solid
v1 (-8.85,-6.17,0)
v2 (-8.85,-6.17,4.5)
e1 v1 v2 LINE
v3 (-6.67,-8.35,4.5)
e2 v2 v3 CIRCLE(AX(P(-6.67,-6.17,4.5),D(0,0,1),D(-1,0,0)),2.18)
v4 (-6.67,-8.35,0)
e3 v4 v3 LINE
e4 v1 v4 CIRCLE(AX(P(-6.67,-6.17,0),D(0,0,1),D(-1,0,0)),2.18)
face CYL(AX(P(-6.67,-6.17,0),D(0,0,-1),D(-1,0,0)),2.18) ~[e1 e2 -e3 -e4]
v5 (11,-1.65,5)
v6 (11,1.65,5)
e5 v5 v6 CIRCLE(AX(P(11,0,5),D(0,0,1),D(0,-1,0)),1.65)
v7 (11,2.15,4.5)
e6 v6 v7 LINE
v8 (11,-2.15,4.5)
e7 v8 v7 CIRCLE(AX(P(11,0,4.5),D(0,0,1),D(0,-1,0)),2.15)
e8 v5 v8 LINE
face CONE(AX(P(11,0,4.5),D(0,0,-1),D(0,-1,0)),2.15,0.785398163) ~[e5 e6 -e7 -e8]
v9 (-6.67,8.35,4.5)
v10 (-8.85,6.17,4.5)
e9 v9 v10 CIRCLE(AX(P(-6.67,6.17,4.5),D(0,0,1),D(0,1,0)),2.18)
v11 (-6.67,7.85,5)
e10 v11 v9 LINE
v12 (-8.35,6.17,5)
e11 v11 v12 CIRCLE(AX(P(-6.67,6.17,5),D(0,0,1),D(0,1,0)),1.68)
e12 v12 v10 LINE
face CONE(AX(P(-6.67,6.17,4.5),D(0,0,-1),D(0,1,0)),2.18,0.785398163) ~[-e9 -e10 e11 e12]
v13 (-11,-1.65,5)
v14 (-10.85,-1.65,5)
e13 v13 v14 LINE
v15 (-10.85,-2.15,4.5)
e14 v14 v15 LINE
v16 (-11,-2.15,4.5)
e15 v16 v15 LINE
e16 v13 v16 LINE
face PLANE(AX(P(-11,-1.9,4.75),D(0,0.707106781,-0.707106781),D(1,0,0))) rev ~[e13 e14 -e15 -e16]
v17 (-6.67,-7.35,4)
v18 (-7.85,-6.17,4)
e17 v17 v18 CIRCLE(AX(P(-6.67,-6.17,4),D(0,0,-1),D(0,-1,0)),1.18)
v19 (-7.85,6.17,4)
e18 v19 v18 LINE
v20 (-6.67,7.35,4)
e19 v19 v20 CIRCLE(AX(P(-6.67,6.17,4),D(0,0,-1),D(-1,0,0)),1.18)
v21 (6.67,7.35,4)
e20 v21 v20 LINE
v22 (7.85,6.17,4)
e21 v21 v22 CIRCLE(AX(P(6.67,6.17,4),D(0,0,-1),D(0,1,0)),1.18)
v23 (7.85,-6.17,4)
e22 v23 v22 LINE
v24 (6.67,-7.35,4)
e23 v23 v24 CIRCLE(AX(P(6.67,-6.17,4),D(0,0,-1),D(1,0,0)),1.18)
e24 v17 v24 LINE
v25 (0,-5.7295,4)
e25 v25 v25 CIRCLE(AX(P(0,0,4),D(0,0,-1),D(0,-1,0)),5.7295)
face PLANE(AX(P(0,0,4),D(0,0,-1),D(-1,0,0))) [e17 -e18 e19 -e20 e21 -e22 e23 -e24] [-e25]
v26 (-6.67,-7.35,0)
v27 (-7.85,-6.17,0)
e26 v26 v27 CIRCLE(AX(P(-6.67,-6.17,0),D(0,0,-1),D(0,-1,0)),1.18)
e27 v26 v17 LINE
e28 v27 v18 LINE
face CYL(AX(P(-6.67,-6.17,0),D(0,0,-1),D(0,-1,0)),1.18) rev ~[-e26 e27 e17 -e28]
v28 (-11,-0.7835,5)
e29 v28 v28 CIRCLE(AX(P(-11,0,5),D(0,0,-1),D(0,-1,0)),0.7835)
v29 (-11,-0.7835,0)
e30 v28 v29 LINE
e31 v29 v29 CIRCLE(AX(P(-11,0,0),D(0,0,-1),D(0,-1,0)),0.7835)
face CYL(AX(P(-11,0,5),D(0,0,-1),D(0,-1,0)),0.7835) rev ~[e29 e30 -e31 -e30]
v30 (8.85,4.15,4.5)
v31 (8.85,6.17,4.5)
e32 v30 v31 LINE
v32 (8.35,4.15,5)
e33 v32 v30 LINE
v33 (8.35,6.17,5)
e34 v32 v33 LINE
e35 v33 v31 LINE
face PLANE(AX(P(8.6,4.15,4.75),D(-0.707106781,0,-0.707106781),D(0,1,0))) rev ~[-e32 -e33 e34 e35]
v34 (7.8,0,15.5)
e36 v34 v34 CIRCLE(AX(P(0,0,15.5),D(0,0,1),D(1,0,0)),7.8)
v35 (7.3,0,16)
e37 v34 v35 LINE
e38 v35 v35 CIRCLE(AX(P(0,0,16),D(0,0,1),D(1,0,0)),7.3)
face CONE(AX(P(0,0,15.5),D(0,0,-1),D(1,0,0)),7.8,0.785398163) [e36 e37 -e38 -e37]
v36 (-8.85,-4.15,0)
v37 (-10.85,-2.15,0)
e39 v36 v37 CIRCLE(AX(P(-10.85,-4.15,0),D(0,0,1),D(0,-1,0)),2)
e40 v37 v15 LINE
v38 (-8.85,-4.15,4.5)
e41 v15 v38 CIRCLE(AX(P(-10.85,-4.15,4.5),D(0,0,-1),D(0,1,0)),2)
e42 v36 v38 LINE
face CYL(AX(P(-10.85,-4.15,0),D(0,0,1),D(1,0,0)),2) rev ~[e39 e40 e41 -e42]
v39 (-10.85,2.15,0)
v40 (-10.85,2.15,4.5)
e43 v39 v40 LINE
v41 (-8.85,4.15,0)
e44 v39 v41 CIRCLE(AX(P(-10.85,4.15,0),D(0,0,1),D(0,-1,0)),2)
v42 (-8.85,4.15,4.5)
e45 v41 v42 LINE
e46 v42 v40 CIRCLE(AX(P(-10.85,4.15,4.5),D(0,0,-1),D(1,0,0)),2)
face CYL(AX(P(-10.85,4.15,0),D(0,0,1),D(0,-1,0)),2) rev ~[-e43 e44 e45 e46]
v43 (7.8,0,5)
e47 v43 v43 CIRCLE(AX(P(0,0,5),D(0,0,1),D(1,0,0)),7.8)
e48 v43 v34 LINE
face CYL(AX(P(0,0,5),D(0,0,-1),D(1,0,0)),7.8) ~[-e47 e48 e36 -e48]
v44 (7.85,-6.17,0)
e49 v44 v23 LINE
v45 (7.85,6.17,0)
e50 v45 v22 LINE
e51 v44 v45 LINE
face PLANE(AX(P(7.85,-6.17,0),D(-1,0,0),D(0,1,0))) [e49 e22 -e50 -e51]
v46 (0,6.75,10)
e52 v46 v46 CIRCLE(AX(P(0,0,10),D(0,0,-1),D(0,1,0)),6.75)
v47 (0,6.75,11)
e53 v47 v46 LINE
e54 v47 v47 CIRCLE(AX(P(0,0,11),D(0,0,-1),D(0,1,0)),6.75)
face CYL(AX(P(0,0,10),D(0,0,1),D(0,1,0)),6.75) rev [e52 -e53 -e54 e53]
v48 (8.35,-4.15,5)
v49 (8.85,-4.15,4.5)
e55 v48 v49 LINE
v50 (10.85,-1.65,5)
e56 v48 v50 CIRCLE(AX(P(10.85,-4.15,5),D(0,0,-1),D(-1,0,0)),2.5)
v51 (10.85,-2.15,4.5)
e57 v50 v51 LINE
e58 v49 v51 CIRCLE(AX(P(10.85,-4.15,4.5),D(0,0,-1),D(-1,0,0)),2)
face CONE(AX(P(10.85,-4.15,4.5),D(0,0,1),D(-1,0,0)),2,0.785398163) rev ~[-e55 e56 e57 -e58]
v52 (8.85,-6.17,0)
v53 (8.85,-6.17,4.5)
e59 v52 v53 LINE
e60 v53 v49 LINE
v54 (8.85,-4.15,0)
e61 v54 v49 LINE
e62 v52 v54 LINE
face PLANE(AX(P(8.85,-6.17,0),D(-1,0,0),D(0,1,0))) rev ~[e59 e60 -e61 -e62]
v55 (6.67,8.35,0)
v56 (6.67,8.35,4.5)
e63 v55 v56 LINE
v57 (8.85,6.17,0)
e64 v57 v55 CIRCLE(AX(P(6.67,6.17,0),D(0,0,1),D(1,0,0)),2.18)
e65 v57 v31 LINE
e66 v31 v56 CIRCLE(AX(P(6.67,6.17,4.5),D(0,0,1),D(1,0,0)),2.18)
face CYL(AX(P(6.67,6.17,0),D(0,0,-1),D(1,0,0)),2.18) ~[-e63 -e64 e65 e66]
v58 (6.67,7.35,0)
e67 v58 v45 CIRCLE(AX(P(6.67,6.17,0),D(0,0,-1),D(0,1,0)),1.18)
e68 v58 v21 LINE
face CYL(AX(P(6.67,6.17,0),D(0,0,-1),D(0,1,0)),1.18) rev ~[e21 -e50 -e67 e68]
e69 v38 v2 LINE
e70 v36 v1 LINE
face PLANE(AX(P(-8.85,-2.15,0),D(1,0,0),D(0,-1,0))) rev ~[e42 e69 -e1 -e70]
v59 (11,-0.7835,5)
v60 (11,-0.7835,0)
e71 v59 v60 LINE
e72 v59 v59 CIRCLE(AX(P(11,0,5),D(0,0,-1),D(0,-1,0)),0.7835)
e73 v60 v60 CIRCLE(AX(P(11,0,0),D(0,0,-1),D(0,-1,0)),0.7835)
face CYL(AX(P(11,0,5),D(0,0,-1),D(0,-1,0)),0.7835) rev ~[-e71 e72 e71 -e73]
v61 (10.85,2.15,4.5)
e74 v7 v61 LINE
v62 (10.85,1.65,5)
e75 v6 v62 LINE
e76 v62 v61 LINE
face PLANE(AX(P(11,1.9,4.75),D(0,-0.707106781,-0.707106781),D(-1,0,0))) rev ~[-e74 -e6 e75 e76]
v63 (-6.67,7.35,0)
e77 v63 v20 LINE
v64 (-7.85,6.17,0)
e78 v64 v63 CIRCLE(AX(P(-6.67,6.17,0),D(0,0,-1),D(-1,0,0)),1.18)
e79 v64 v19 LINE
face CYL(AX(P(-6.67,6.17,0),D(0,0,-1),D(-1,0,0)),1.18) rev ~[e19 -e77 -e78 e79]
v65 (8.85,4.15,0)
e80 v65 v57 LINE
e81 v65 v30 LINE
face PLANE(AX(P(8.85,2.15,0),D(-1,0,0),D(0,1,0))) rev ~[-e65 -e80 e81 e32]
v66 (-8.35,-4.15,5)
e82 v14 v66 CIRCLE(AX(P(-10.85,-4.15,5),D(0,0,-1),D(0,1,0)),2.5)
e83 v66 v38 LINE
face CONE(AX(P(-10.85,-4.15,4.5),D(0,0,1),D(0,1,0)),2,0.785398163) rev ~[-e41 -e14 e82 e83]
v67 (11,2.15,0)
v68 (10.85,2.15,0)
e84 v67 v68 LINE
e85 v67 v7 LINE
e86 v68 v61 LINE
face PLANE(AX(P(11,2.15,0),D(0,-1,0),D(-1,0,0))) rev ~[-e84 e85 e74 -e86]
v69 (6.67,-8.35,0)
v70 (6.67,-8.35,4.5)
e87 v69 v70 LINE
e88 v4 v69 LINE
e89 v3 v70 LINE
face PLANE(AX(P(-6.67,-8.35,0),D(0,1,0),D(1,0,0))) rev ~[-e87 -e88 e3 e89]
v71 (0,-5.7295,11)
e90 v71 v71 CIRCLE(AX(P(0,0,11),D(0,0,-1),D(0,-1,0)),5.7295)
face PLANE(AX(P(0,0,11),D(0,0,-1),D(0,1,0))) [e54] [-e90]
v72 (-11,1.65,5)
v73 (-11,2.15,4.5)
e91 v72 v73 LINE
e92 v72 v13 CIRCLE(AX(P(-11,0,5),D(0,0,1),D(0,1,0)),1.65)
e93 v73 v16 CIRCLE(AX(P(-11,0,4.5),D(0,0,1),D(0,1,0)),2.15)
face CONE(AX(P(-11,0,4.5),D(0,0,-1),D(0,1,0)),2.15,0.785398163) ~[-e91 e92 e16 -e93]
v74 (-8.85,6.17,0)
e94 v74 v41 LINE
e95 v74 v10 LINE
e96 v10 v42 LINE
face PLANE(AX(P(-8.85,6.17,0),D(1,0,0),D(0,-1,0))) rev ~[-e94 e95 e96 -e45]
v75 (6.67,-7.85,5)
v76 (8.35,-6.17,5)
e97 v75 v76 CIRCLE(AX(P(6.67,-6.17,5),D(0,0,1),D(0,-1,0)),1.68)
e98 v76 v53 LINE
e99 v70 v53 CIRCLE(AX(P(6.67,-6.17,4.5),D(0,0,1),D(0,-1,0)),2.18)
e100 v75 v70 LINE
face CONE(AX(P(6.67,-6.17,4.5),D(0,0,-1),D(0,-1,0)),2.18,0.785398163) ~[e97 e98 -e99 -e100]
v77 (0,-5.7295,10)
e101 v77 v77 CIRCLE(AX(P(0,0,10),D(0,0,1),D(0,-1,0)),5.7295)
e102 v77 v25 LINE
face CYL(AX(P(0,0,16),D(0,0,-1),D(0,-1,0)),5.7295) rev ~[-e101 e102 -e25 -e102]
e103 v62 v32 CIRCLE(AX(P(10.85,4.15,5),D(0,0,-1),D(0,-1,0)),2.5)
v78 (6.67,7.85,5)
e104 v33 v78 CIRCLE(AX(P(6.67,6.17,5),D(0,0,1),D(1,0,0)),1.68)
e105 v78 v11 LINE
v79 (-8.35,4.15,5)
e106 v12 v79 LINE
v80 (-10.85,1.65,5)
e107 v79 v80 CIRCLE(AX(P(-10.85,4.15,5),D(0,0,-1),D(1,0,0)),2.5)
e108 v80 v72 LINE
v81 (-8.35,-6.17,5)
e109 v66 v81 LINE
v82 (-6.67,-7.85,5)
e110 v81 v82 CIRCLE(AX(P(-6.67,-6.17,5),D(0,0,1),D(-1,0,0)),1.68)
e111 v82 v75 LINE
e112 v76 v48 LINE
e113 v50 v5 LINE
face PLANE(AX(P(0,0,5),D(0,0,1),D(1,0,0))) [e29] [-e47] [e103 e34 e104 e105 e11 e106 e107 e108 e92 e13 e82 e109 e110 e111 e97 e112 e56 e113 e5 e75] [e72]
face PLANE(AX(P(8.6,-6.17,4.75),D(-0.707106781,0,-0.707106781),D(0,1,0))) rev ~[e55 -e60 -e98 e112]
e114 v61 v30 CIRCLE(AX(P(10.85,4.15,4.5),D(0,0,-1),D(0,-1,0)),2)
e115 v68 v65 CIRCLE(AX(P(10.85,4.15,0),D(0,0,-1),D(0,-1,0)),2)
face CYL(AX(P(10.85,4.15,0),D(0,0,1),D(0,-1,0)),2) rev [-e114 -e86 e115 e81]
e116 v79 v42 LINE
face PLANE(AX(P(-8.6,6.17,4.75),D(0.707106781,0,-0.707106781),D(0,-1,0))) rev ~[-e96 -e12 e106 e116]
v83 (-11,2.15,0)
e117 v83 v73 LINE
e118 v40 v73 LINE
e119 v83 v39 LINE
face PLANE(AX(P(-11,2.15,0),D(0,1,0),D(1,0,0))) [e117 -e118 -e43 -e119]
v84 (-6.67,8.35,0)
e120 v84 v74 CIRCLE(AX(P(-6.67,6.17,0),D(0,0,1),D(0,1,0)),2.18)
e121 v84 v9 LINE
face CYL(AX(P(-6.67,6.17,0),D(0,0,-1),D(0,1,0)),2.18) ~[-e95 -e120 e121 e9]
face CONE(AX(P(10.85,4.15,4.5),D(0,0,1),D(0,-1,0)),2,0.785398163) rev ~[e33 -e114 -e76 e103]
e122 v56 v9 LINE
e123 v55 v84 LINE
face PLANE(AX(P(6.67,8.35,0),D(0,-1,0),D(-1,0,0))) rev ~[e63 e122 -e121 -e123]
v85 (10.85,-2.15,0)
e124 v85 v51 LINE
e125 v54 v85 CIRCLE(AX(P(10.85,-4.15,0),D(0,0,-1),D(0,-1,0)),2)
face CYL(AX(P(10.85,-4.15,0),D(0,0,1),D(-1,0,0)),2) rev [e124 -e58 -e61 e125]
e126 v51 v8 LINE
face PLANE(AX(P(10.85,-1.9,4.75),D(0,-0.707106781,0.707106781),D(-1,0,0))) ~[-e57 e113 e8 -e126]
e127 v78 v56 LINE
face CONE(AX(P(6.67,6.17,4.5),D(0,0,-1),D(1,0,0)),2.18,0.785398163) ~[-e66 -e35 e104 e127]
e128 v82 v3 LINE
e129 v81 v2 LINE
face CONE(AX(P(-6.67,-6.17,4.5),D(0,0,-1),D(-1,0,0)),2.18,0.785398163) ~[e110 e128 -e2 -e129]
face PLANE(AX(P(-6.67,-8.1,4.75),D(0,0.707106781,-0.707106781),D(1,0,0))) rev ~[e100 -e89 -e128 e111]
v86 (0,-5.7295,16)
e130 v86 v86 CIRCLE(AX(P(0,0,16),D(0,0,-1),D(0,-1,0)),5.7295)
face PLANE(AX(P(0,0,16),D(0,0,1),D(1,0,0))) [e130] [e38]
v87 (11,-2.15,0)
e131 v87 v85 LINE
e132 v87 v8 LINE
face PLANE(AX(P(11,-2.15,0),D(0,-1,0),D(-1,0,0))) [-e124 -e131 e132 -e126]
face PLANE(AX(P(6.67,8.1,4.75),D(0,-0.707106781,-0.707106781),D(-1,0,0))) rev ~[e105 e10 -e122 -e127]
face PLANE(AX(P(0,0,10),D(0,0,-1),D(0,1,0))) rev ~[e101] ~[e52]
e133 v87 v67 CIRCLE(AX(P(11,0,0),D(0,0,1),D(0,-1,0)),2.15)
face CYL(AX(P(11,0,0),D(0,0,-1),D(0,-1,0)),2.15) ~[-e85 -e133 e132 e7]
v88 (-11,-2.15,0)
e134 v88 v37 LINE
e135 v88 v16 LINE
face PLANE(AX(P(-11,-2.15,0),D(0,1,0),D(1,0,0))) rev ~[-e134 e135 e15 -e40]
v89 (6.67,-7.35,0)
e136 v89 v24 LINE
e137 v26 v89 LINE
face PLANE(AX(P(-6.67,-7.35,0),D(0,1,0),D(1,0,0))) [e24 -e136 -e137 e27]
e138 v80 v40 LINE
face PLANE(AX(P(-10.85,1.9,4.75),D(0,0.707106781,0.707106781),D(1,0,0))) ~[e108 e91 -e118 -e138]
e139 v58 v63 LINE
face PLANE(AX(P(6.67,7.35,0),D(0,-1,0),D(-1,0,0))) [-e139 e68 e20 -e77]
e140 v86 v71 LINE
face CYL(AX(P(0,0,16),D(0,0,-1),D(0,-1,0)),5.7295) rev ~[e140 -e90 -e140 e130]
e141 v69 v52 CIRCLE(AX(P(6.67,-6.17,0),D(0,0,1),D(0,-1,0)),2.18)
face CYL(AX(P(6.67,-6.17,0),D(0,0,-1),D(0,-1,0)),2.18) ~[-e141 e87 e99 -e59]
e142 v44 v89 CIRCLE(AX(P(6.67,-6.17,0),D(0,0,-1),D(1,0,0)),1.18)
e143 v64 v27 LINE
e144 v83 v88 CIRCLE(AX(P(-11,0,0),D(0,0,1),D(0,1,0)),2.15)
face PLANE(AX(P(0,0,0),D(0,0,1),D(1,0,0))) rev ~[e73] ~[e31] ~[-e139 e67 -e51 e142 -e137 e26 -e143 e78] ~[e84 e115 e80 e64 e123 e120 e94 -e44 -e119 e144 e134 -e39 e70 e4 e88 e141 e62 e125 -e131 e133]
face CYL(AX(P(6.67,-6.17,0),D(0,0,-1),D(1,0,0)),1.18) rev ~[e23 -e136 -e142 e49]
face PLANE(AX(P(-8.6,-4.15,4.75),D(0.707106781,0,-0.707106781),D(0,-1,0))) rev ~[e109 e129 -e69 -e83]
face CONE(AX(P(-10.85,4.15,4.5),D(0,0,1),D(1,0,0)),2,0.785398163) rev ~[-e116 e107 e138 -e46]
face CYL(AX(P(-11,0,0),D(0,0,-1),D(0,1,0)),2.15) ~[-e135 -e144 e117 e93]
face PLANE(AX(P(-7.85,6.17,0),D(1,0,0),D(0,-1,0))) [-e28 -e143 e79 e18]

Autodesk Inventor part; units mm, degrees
ref_plane "YZ Plane" through (0, 0, 0) normal (1, 0, 0) x (0, 1, 0)
ref_plane "XZ Plane" through (0, 0, 0) normal (0, 1, 0) x (-1, 0, 0)
ref_plane "XY Plane" through (0, 0, 0) normal (0, 0, 1) x (1, 0, 0)
sketch "Boceto1" plane through (0, 0, 0) normal (0, 0, 1) x (1, 0, 0)
  line L0 (-6.67, 7.35) -> (6.67, 7.35) construction
  line L1 (7.85, 6.17) -> (7.85, -6.17) construction
  line L2 (6.67, -7.35) -> (-6.67, -7.35) construction
  line L3 (-7.85, -6.17) -> (-7.85, 6.17) construction
  line L4 (-7.85, 7.35) -> (7.85, -7.35) construction
  line L5 (7.85, 7.35) -> (-7.85, -7.35) construction
  arc A0 (-7.85, -6.17) -> (-6.67, -7.35) centre (-6.67, -6.17) ccw construction
  arc A1 (-6.67, 7.35) -> (-7.85, 6.17) centre (-6.67, 6.17) ccw construction
  arc A2 (7.85, 6.17) -> (6.67, 7.35) centre (6.67, 6.17) ccw construction
  arc A3 (6.67, -7.35) -> (7.85, -6.17) centre (6.67, -6.17) ccw construction
  line L6 (-6.67, -8.35) -> (6.67, -8.35)
  arc A4 (6.67, -8.35) -> (8.85, -6.17) centre (6.67, -6.17) ccw
  line L7 (8.85, -6.17) -> (8.85, 6.17)
  arc A5 (8.85, 6.17) -> (6.67, 8.35) centre (6.67, 6.17) ccw
  line L8 (6.67, 8.35) -> (-6.67, 8.35)
  arc A6 (-6.67, 8.35) -> (-8.85, 6.17) centre (-6.67, 6.17) ccw
  line L9 (-8.85, 6.17) -> (-8.85, -6.17)
  arc A7 (-8.85, -6.17) -> (-6.67, -8.35) centre (-6.67, -6.17) ccw
  circle A8 centre (-11, 0) radius 0.8
  circle A9 centre (11, 0) radius 0.8
  arc A10 (11, -2.15) -> (11, 2.15) centre (11, 0) ccw
  arc A11 (-11, 2.15) -> (-11, -2.15) centre (-11, 0) ccw
  line L10 (-11, 2.15) -> (-8.85, 2.15)
  line L11 (-11, -2.15) -> (-8.85, -2.15)
  line L12 (11, 2.15) -> (8.85, 2.15)
  line L13 (11, -2.15) -> (8.85, -2.15)
  point P0 (0, 0)
  point P1 (0, 0)
  point P2 (0, 0)
  dimension "d0" = 15.7
  dimension "d1" = 14.7
  dimension "d2" = 1.18
  dimension "d3" = 2.18
  dimension "d9" = 1.6
  dimension "d10" = 1.6
  dimension "d11" = 22
  dimension "d12" = 11
  dimension "d13" = 4.3
  dimension "d14" = 4.3
extrude "Extrusión1" add sketch "Boceto1" along normal blind 5 contours A7 L9 A6 L8 A5 L7 A4 L6 | L11 A11 L10 L9 | L7 L12 A10 L13 | A8 | A9
sketch "Boceto3" plane through (0, 0, 5) normal (0, 0, 1) x (1, 0, 0)
  circle A0 centre (0, 0) radius 7.8
  dimension "d15" = 15.6
extrude "Extrusión3" add sketch "Boceto3" along normal blind 11
sketch "Boceto4" plane through (0, 0, 0) normal (0, 0, -1) x (-1, 0, 0)
  line L0 (-6.67, 7.35) -> (6.67, 7.35)
  line L1 (7.85, 6.17) -> (7.85, -6.17)
  line L2 (6.67, -7.35) -> (-6.67, -7.35)
  line L3 (-7.85, -6.17) -> (-7.85, 6.17)
  line L4 (-7.85, 7.35) -> (7.85, -7.35) construction
  line L5 (7.85, 7.35) -> (-7.85, -7.35) construction
  arc A0 (-6.67, 7.35) -> (-7.85, 6.17) centre (-6.67, 6.17) ccw
  arc A1 (-7.85, -6.17) -> (-6.67, -7.35) centre (-6.67, -6.17) ccw
  arc A2 (6.67, -7.35) -> (7.85, -6.17) centre (6.67, -6.17) ccw
  arc A3 (7.85, 6.17) -> (6.67, 7.35) centre (6.67, 6.17) ccw
  point P0 (0, 0)
  dimension "d18" = 15.7
  dimension "d19" = 14.7
  dimension "d20" = 1.18
extrude "Extrusión4" cut sketch "Boceto4" against normal blind 4
sketch "Boceto5" plane through (0, 0, 16) normal (0, 0, 1) x (1, 0, 0)
  point P0 (0, 0)
hole "Agujero1" at (0, 0, 16) direction (0, 0, -1) diameter 11.459 end through all thread size "M12x0.5" class "6H" standard "ISO Metric profile"
sketch "Boceto6" plane through (0, 0, 5) normal (0, 0, 1) x (1, 0, 0)
  arc A0 (-11, 2.15) -> (-11, -2.15) centre (-11, 0) ccw construction
  arc A1 (11, -2.15) -> (11, 2.15) centre (11, 0) ccw construction
  point P0 (0, 0)
hole "Agujero2" at (-11, 0, 5) at (11, 0, 5) direction (0, 0, -1) diameter 1.567 end through all thread size "M2x0.4" class "6H" standard "ISO Metric profile"
chamfer "Chaflán1" distance 0.5 angle 45 1 edges at (-7.8, 0, 16)
fillet "Empalme1" radius 2 4 edges at (8.85, 2.15, 2.5) (8.85, -2.15, 2.5) (-8.85, 2.15, 2.5) (-8.85, -2.15, 2.5)
chamfer "Chaflán3" distance 0.5 angle 45 16 edges at (10.925, 2.15, 5) (13.15, 0, 5) (10.925, -2.15, 5) (8.85, -5.16, 5) (8.2115, -7.7115, 5) (0, -8.35, 5) (-8.2115, -7.7115, 5) (-8.85, -5.16, 5) (-10.925, -2.15, 5) (-13.15, 0, 5) (-10.925, 2.15, 5) (-8.85, 5.16, 5) (-8.2115, 7.7115, 5) (0, 8.35, 5) (8.2115, 7.7115, 5) (8.85, 5.16, 5)
sketch "Boceto9" plane through (0, 0, 0) normal (1, 0, 0) x (0, 1, 0)
  line L0 (-7.3, 16) -> (7.3, 16) construction
  line L1 (-7.8, 5) -> (7.8, 5) construction
  line L2 (-5.7295, 16) -> (5.7295, 16) construction
  line L3 (0, 16) -> (0, 5) construction
  arc A0 (6.25, 10) -> (6.25, 11) centre (6.25, 10.5) ccw
  line L4 (5.7295, 4) -> (5.7295, 16) construction
  line L5 (6.25, 11) -> (5.7295, 11)
  line L6 (6.25, 10) -> (5.7295, 10)
  line L7 (5.7295, 10) -> (5.7295, 11)
  line L8 (6.25, 10) -> (6.75, 10)
  line L9 (6.75, 10) -> (6.75, 11)
  line L10 (6.75, 11) -> (6.25, 11)
  point P0 (0, 0)
  dimension "d55" = 1
  dimension "d57" = 11.5
  dimension "d58" = 5.5
revolve "Revolución1" cut sketch "Boceto9" angle 360 about axis through (0, 0, 16) along (0, 0, -1)
properties part number "3d_DAA - M12 Lens Mount" material "Aluminium 6061-T6"
